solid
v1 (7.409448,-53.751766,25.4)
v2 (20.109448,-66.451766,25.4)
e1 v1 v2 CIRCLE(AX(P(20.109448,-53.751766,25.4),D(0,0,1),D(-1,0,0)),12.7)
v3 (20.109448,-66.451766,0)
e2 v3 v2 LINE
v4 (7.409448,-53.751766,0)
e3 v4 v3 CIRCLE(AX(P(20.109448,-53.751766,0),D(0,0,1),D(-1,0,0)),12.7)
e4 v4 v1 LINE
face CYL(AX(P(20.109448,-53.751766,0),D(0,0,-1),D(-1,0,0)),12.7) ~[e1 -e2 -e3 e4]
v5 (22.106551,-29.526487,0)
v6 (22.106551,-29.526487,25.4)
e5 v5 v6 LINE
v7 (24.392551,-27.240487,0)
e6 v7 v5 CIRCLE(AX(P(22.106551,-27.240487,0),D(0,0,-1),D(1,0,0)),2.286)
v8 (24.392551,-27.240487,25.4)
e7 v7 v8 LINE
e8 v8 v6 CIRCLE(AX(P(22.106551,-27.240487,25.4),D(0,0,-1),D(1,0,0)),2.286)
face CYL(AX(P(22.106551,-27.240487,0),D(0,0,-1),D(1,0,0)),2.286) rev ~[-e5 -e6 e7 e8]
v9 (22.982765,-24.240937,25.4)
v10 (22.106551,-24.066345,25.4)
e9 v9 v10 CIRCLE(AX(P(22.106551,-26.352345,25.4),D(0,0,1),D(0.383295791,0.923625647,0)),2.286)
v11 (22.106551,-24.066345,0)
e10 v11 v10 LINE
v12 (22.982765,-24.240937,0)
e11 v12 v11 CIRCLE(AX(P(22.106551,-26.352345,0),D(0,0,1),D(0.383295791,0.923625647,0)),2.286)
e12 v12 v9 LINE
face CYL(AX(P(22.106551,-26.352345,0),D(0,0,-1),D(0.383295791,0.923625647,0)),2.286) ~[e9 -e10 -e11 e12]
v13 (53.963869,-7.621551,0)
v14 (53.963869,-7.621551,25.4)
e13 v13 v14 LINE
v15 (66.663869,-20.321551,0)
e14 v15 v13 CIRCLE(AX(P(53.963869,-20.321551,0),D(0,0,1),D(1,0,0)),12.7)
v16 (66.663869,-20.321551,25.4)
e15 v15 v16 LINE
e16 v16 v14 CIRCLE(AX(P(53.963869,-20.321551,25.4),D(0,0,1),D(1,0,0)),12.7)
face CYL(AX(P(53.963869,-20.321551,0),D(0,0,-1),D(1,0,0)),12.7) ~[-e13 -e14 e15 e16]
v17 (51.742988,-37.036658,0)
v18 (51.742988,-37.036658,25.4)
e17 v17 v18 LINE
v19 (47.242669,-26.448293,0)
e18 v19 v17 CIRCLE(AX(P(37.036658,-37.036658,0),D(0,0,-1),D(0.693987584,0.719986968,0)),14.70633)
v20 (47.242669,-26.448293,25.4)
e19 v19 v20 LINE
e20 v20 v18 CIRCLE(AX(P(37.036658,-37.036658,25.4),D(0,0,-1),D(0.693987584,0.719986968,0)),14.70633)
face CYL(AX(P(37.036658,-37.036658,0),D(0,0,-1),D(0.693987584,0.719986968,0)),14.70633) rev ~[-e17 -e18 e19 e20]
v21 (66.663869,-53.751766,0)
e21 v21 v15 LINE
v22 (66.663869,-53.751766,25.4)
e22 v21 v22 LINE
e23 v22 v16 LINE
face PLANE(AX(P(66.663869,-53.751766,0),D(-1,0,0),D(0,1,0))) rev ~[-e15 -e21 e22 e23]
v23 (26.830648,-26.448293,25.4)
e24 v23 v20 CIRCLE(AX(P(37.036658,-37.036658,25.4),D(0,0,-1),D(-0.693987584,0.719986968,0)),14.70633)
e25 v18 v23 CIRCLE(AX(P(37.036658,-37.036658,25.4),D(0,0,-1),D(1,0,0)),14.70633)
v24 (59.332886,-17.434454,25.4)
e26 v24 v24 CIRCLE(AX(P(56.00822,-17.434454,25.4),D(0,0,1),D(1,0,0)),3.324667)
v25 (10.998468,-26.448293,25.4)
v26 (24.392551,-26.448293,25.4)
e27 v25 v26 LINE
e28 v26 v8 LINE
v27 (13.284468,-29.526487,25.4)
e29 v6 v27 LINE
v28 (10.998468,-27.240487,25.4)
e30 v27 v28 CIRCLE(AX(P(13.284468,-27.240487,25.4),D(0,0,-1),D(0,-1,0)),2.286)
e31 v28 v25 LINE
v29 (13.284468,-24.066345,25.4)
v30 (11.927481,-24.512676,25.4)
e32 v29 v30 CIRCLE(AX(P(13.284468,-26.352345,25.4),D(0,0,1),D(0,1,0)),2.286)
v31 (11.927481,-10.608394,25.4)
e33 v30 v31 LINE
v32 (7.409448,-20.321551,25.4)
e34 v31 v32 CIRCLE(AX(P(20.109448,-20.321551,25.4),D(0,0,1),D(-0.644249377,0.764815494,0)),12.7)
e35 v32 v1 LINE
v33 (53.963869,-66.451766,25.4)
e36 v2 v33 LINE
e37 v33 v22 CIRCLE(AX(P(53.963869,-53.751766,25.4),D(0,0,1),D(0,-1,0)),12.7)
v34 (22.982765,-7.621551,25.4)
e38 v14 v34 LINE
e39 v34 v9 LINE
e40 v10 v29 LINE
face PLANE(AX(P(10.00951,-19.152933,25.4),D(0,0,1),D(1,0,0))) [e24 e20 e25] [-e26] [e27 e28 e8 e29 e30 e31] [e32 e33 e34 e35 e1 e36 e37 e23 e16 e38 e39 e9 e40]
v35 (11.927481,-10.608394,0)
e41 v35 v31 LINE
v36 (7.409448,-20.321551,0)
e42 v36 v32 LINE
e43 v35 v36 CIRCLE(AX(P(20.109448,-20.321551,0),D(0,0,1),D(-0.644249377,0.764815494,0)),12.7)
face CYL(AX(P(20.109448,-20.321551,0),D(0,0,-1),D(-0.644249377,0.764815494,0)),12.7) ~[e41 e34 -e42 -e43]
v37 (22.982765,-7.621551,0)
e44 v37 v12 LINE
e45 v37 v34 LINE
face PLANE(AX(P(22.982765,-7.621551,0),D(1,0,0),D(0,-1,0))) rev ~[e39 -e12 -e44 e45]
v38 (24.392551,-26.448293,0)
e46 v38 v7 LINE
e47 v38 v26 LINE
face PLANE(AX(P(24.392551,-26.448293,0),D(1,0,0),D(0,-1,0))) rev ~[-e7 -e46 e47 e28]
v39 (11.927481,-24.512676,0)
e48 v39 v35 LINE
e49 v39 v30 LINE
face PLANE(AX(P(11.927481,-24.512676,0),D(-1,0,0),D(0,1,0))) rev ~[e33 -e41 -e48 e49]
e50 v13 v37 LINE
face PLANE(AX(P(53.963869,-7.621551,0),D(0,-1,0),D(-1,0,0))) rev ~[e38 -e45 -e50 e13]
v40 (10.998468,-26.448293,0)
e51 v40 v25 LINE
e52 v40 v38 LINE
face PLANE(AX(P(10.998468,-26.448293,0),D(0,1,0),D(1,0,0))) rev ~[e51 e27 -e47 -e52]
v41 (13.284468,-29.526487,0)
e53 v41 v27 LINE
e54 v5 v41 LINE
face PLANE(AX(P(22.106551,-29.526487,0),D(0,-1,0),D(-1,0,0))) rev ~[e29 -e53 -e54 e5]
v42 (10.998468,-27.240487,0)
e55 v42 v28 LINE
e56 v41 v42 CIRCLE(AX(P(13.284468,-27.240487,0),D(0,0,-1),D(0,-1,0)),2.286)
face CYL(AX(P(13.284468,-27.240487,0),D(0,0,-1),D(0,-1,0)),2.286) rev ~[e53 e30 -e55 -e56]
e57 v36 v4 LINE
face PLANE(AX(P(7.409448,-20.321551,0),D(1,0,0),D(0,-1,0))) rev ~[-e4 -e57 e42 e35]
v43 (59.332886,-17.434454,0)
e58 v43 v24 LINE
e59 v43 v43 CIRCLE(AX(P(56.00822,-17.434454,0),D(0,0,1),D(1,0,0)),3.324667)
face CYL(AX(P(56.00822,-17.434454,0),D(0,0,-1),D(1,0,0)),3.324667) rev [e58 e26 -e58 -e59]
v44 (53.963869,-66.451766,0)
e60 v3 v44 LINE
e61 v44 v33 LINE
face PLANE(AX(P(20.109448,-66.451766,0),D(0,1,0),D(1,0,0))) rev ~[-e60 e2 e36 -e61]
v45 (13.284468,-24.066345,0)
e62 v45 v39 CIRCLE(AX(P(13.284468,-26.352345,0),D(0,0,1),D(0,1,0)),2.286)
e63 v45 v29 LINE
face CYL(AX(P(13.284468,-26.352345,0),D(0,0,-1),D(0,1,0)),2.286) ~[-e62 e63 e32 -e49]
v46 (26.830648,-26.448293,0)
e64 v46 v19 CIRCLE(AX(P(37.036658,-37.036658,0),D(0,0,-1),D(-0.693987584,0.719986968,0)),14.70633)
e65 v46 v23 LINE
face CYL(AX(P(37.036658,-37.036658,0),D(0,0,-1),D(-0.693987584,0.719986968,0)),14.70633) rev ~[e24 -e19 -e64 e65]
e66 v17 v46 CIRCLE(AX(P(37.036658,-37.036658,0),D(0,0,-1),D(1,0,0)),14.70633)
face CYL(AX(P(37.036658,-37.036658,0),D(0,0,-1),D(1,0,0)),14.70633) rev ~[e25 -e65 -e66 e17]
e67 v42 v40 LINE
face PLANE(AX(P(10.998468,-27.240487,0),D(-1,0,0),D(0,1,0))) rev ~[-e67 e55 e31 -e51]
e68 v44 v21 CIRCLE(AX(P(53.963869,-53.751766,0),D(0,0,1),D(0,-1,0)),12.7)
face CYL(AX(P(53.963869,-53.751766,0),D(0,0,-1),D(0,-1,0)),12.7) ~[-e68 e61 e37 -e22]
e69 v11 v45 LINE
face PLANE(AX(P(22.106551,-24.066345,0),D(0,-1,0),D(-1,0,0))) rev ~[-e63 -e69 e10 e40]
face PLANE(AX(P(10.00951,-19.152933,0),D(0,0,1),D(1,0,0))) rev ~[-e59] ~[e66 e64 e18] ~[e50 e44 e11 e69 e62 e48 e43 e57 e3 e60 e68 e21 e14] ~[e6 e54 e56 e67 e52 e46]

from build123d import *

# Parameters (mm, degrees)
F0_R     = 3.3246665448
F1_DEPTH = 25.4


with BuildPart() as f1:
    # F0 (on Top) → F1 (new body)
    with BuildSketch(Plane.XY):
        with BuildLine():
            Line((7.4094480904, -20.3215512188), (7.4094480904, -26.4482926577))
            Line((7.4094480904, -26.4482926577), (10.9984675889, -26.4482926577))
            Line((10.9984675889, -26.4482926577), (10.9984675889, -26.3523452137))
            ThreePointArc((10.9984675889, -26.3523452137), (11.2438956913, -25.3218781688), (11.9274810015, -24.5126758408))
            Line((11.9274810015, -24.5126758408), (11.9274810015, -10.6083944428))
            ThreePointArc((11.9274810015, -10.6083944428), (8.5942194338, -14.9652923579), (7.4094480904, -20.3215512188))
        make_face()
        with BuildLine():
            Line((20.1094480904, -66.4517655969), (53.9638687253, -66.4517655969))
            ThreePointArc((53.9638687253, -66.4517655969), (62.9441248464, -62.7320217179), (66.6638687253, -53.7517655969))
            Line((66.6638687253, -53.7517655969), (66.6638687253, -26.4482926577))
            Line((66.6638687253, -26.4482926577), (47.2426686471, -26.4482926577))
            ThreePointArc((47.2426686471, -26.4482926577), (50.5712268552, -31.2841292941), (51.7429881424, -37.0366584079))
            ThreePointArc((51.7429881424, -37.0366584079), (31.2841292941, -50.5712268552), (26.8306481686, -26.4482926577))
            Line((26.8306481686, -26.4482926577), (24.3925508112, -26.4482926577))
            Line((24.3925508112, -26.4482926577), (24.3925508112, -27.2404868156))
            ThreePointArc((24.3925508112, -27.2404868156), (23.722996913, -28.8569329174), (22.1065508112, -29.5264868156))
            Line((22.1065508112, -29.5264868156), (13.2844675889, -29.5264868156))
            ThreePointArc((13.2844675889, -29.5264868156), (11.6680214871, -28.8569329174), (10.9984675889, -27.2404868156))
            Line((10.9984675889, -27.2404868156), (10.9984675889, -26.4482926577))
            Line((10.9984675889, -26.4482926577), (7.4094480904, -26.4482926577))
            Line((7.4094480904, -26.4482926577), (7.4094480904, -53.7517655969))
            ThreePointArc((7.4094480904, -53.7517655969), (11.1291919693, -62.7320217179), (20.1094480904, -66.4517655969))
        make_face()
        with BuildLine():
            Line((47.2426686471, -26.4482926577), (66.6638687253, -26.4482926577))
            Line((66.6638687253, -26.4482926577), (66.6638687253, -20.3215512188))
            ThreePointArc((66.6638687253, -20.3215512188), (62.9441248464, -11.3412950978), (53.9638687253, -7.6215512188))
            Line((53.9638687253, -7.6215512188), (22.9827649891, -7.6215512188))
            Line((22.9827649891, -7.6215512188), (22.9827649891, -24.2409369836))
            ThreePointArc((22.9827649891, -24.2409369836), (24.0077111951, -25.0829417339), (24.3925508112, -26.3523452137))
            Line((24.3925508112, -26.3523452137), (24.3925508112, -26.4482926577))
            Line((24.3925508112, -26.4482926577), (26.8306481686, -26.4482926577))
            ThreePointArc((26.8306481686, -26.4482926577), (37.0366584078, -22.3303286733), (47.2426686471, -26.4482926577))
        make_face()
        Polygon((50.2897910774, -22.48794958), (50.2897910774, -11.8490112945), (61.327688396, -11.9819985703), (61.327688396, -22.48794958), align=None, mode=Mode.SUBTRACT)
        with BuildLine():
            Line((10.9984675889, -26.3523452137), (10.9984675889, -26.4482926577))
            Line((10.9984675889, -26.4482926577), (24.3925508112, -26.4482926577))
            Line((24.3925508112, -26.4482926577), (24.3925508112, -26.3523452137))
            ThreePointArc((24.3925508112, -26.3523452137), (24.0077111951, -25.0829417339), (22.9827649891, -24.2409369836))
            ThreePointArc((22.9827649891, -24.2409369836), (22.5532704021, -24.1104180055), (22.1065508112, -24.0663452137))
            Line((22.1065508112, -24.0663452137), (20.1094480904, -24.0663452137))
            Line((20.1094480904, -24.0663452137), (17.6955092, -24.0663452137))
            Line((17.6955092, -24.0663452137), (14.8453274742, -24.0663452137))
            Line((14.8453274742, -24.0663452137), (13.2844675889, -24.0663452137))
            ThreePointArc((13.2844675889, -24.0663452137), (12.5702155978, -24.1807927522), (11.9274810015, -24.5126758408))
            ThreePointArc((11.9274810015, -24.5126758408), (11.2438956913, -25.3218781688), (10.9984675889, -26.3523452137))
        make_face()
        Polygon((61.327688396, -11.9819985703), (50.2897910774, -11.8490112945), (50.2897910774, -22.48794958), (61.327688396, -22.48794958), align=None)
        with Locations((56.0082197189, -17.4344535917)):
            Circle(F0_R, mode=Mode.SUBTRACT)
    extrude(amount=F1_DEPTH)


solid = f1.part
